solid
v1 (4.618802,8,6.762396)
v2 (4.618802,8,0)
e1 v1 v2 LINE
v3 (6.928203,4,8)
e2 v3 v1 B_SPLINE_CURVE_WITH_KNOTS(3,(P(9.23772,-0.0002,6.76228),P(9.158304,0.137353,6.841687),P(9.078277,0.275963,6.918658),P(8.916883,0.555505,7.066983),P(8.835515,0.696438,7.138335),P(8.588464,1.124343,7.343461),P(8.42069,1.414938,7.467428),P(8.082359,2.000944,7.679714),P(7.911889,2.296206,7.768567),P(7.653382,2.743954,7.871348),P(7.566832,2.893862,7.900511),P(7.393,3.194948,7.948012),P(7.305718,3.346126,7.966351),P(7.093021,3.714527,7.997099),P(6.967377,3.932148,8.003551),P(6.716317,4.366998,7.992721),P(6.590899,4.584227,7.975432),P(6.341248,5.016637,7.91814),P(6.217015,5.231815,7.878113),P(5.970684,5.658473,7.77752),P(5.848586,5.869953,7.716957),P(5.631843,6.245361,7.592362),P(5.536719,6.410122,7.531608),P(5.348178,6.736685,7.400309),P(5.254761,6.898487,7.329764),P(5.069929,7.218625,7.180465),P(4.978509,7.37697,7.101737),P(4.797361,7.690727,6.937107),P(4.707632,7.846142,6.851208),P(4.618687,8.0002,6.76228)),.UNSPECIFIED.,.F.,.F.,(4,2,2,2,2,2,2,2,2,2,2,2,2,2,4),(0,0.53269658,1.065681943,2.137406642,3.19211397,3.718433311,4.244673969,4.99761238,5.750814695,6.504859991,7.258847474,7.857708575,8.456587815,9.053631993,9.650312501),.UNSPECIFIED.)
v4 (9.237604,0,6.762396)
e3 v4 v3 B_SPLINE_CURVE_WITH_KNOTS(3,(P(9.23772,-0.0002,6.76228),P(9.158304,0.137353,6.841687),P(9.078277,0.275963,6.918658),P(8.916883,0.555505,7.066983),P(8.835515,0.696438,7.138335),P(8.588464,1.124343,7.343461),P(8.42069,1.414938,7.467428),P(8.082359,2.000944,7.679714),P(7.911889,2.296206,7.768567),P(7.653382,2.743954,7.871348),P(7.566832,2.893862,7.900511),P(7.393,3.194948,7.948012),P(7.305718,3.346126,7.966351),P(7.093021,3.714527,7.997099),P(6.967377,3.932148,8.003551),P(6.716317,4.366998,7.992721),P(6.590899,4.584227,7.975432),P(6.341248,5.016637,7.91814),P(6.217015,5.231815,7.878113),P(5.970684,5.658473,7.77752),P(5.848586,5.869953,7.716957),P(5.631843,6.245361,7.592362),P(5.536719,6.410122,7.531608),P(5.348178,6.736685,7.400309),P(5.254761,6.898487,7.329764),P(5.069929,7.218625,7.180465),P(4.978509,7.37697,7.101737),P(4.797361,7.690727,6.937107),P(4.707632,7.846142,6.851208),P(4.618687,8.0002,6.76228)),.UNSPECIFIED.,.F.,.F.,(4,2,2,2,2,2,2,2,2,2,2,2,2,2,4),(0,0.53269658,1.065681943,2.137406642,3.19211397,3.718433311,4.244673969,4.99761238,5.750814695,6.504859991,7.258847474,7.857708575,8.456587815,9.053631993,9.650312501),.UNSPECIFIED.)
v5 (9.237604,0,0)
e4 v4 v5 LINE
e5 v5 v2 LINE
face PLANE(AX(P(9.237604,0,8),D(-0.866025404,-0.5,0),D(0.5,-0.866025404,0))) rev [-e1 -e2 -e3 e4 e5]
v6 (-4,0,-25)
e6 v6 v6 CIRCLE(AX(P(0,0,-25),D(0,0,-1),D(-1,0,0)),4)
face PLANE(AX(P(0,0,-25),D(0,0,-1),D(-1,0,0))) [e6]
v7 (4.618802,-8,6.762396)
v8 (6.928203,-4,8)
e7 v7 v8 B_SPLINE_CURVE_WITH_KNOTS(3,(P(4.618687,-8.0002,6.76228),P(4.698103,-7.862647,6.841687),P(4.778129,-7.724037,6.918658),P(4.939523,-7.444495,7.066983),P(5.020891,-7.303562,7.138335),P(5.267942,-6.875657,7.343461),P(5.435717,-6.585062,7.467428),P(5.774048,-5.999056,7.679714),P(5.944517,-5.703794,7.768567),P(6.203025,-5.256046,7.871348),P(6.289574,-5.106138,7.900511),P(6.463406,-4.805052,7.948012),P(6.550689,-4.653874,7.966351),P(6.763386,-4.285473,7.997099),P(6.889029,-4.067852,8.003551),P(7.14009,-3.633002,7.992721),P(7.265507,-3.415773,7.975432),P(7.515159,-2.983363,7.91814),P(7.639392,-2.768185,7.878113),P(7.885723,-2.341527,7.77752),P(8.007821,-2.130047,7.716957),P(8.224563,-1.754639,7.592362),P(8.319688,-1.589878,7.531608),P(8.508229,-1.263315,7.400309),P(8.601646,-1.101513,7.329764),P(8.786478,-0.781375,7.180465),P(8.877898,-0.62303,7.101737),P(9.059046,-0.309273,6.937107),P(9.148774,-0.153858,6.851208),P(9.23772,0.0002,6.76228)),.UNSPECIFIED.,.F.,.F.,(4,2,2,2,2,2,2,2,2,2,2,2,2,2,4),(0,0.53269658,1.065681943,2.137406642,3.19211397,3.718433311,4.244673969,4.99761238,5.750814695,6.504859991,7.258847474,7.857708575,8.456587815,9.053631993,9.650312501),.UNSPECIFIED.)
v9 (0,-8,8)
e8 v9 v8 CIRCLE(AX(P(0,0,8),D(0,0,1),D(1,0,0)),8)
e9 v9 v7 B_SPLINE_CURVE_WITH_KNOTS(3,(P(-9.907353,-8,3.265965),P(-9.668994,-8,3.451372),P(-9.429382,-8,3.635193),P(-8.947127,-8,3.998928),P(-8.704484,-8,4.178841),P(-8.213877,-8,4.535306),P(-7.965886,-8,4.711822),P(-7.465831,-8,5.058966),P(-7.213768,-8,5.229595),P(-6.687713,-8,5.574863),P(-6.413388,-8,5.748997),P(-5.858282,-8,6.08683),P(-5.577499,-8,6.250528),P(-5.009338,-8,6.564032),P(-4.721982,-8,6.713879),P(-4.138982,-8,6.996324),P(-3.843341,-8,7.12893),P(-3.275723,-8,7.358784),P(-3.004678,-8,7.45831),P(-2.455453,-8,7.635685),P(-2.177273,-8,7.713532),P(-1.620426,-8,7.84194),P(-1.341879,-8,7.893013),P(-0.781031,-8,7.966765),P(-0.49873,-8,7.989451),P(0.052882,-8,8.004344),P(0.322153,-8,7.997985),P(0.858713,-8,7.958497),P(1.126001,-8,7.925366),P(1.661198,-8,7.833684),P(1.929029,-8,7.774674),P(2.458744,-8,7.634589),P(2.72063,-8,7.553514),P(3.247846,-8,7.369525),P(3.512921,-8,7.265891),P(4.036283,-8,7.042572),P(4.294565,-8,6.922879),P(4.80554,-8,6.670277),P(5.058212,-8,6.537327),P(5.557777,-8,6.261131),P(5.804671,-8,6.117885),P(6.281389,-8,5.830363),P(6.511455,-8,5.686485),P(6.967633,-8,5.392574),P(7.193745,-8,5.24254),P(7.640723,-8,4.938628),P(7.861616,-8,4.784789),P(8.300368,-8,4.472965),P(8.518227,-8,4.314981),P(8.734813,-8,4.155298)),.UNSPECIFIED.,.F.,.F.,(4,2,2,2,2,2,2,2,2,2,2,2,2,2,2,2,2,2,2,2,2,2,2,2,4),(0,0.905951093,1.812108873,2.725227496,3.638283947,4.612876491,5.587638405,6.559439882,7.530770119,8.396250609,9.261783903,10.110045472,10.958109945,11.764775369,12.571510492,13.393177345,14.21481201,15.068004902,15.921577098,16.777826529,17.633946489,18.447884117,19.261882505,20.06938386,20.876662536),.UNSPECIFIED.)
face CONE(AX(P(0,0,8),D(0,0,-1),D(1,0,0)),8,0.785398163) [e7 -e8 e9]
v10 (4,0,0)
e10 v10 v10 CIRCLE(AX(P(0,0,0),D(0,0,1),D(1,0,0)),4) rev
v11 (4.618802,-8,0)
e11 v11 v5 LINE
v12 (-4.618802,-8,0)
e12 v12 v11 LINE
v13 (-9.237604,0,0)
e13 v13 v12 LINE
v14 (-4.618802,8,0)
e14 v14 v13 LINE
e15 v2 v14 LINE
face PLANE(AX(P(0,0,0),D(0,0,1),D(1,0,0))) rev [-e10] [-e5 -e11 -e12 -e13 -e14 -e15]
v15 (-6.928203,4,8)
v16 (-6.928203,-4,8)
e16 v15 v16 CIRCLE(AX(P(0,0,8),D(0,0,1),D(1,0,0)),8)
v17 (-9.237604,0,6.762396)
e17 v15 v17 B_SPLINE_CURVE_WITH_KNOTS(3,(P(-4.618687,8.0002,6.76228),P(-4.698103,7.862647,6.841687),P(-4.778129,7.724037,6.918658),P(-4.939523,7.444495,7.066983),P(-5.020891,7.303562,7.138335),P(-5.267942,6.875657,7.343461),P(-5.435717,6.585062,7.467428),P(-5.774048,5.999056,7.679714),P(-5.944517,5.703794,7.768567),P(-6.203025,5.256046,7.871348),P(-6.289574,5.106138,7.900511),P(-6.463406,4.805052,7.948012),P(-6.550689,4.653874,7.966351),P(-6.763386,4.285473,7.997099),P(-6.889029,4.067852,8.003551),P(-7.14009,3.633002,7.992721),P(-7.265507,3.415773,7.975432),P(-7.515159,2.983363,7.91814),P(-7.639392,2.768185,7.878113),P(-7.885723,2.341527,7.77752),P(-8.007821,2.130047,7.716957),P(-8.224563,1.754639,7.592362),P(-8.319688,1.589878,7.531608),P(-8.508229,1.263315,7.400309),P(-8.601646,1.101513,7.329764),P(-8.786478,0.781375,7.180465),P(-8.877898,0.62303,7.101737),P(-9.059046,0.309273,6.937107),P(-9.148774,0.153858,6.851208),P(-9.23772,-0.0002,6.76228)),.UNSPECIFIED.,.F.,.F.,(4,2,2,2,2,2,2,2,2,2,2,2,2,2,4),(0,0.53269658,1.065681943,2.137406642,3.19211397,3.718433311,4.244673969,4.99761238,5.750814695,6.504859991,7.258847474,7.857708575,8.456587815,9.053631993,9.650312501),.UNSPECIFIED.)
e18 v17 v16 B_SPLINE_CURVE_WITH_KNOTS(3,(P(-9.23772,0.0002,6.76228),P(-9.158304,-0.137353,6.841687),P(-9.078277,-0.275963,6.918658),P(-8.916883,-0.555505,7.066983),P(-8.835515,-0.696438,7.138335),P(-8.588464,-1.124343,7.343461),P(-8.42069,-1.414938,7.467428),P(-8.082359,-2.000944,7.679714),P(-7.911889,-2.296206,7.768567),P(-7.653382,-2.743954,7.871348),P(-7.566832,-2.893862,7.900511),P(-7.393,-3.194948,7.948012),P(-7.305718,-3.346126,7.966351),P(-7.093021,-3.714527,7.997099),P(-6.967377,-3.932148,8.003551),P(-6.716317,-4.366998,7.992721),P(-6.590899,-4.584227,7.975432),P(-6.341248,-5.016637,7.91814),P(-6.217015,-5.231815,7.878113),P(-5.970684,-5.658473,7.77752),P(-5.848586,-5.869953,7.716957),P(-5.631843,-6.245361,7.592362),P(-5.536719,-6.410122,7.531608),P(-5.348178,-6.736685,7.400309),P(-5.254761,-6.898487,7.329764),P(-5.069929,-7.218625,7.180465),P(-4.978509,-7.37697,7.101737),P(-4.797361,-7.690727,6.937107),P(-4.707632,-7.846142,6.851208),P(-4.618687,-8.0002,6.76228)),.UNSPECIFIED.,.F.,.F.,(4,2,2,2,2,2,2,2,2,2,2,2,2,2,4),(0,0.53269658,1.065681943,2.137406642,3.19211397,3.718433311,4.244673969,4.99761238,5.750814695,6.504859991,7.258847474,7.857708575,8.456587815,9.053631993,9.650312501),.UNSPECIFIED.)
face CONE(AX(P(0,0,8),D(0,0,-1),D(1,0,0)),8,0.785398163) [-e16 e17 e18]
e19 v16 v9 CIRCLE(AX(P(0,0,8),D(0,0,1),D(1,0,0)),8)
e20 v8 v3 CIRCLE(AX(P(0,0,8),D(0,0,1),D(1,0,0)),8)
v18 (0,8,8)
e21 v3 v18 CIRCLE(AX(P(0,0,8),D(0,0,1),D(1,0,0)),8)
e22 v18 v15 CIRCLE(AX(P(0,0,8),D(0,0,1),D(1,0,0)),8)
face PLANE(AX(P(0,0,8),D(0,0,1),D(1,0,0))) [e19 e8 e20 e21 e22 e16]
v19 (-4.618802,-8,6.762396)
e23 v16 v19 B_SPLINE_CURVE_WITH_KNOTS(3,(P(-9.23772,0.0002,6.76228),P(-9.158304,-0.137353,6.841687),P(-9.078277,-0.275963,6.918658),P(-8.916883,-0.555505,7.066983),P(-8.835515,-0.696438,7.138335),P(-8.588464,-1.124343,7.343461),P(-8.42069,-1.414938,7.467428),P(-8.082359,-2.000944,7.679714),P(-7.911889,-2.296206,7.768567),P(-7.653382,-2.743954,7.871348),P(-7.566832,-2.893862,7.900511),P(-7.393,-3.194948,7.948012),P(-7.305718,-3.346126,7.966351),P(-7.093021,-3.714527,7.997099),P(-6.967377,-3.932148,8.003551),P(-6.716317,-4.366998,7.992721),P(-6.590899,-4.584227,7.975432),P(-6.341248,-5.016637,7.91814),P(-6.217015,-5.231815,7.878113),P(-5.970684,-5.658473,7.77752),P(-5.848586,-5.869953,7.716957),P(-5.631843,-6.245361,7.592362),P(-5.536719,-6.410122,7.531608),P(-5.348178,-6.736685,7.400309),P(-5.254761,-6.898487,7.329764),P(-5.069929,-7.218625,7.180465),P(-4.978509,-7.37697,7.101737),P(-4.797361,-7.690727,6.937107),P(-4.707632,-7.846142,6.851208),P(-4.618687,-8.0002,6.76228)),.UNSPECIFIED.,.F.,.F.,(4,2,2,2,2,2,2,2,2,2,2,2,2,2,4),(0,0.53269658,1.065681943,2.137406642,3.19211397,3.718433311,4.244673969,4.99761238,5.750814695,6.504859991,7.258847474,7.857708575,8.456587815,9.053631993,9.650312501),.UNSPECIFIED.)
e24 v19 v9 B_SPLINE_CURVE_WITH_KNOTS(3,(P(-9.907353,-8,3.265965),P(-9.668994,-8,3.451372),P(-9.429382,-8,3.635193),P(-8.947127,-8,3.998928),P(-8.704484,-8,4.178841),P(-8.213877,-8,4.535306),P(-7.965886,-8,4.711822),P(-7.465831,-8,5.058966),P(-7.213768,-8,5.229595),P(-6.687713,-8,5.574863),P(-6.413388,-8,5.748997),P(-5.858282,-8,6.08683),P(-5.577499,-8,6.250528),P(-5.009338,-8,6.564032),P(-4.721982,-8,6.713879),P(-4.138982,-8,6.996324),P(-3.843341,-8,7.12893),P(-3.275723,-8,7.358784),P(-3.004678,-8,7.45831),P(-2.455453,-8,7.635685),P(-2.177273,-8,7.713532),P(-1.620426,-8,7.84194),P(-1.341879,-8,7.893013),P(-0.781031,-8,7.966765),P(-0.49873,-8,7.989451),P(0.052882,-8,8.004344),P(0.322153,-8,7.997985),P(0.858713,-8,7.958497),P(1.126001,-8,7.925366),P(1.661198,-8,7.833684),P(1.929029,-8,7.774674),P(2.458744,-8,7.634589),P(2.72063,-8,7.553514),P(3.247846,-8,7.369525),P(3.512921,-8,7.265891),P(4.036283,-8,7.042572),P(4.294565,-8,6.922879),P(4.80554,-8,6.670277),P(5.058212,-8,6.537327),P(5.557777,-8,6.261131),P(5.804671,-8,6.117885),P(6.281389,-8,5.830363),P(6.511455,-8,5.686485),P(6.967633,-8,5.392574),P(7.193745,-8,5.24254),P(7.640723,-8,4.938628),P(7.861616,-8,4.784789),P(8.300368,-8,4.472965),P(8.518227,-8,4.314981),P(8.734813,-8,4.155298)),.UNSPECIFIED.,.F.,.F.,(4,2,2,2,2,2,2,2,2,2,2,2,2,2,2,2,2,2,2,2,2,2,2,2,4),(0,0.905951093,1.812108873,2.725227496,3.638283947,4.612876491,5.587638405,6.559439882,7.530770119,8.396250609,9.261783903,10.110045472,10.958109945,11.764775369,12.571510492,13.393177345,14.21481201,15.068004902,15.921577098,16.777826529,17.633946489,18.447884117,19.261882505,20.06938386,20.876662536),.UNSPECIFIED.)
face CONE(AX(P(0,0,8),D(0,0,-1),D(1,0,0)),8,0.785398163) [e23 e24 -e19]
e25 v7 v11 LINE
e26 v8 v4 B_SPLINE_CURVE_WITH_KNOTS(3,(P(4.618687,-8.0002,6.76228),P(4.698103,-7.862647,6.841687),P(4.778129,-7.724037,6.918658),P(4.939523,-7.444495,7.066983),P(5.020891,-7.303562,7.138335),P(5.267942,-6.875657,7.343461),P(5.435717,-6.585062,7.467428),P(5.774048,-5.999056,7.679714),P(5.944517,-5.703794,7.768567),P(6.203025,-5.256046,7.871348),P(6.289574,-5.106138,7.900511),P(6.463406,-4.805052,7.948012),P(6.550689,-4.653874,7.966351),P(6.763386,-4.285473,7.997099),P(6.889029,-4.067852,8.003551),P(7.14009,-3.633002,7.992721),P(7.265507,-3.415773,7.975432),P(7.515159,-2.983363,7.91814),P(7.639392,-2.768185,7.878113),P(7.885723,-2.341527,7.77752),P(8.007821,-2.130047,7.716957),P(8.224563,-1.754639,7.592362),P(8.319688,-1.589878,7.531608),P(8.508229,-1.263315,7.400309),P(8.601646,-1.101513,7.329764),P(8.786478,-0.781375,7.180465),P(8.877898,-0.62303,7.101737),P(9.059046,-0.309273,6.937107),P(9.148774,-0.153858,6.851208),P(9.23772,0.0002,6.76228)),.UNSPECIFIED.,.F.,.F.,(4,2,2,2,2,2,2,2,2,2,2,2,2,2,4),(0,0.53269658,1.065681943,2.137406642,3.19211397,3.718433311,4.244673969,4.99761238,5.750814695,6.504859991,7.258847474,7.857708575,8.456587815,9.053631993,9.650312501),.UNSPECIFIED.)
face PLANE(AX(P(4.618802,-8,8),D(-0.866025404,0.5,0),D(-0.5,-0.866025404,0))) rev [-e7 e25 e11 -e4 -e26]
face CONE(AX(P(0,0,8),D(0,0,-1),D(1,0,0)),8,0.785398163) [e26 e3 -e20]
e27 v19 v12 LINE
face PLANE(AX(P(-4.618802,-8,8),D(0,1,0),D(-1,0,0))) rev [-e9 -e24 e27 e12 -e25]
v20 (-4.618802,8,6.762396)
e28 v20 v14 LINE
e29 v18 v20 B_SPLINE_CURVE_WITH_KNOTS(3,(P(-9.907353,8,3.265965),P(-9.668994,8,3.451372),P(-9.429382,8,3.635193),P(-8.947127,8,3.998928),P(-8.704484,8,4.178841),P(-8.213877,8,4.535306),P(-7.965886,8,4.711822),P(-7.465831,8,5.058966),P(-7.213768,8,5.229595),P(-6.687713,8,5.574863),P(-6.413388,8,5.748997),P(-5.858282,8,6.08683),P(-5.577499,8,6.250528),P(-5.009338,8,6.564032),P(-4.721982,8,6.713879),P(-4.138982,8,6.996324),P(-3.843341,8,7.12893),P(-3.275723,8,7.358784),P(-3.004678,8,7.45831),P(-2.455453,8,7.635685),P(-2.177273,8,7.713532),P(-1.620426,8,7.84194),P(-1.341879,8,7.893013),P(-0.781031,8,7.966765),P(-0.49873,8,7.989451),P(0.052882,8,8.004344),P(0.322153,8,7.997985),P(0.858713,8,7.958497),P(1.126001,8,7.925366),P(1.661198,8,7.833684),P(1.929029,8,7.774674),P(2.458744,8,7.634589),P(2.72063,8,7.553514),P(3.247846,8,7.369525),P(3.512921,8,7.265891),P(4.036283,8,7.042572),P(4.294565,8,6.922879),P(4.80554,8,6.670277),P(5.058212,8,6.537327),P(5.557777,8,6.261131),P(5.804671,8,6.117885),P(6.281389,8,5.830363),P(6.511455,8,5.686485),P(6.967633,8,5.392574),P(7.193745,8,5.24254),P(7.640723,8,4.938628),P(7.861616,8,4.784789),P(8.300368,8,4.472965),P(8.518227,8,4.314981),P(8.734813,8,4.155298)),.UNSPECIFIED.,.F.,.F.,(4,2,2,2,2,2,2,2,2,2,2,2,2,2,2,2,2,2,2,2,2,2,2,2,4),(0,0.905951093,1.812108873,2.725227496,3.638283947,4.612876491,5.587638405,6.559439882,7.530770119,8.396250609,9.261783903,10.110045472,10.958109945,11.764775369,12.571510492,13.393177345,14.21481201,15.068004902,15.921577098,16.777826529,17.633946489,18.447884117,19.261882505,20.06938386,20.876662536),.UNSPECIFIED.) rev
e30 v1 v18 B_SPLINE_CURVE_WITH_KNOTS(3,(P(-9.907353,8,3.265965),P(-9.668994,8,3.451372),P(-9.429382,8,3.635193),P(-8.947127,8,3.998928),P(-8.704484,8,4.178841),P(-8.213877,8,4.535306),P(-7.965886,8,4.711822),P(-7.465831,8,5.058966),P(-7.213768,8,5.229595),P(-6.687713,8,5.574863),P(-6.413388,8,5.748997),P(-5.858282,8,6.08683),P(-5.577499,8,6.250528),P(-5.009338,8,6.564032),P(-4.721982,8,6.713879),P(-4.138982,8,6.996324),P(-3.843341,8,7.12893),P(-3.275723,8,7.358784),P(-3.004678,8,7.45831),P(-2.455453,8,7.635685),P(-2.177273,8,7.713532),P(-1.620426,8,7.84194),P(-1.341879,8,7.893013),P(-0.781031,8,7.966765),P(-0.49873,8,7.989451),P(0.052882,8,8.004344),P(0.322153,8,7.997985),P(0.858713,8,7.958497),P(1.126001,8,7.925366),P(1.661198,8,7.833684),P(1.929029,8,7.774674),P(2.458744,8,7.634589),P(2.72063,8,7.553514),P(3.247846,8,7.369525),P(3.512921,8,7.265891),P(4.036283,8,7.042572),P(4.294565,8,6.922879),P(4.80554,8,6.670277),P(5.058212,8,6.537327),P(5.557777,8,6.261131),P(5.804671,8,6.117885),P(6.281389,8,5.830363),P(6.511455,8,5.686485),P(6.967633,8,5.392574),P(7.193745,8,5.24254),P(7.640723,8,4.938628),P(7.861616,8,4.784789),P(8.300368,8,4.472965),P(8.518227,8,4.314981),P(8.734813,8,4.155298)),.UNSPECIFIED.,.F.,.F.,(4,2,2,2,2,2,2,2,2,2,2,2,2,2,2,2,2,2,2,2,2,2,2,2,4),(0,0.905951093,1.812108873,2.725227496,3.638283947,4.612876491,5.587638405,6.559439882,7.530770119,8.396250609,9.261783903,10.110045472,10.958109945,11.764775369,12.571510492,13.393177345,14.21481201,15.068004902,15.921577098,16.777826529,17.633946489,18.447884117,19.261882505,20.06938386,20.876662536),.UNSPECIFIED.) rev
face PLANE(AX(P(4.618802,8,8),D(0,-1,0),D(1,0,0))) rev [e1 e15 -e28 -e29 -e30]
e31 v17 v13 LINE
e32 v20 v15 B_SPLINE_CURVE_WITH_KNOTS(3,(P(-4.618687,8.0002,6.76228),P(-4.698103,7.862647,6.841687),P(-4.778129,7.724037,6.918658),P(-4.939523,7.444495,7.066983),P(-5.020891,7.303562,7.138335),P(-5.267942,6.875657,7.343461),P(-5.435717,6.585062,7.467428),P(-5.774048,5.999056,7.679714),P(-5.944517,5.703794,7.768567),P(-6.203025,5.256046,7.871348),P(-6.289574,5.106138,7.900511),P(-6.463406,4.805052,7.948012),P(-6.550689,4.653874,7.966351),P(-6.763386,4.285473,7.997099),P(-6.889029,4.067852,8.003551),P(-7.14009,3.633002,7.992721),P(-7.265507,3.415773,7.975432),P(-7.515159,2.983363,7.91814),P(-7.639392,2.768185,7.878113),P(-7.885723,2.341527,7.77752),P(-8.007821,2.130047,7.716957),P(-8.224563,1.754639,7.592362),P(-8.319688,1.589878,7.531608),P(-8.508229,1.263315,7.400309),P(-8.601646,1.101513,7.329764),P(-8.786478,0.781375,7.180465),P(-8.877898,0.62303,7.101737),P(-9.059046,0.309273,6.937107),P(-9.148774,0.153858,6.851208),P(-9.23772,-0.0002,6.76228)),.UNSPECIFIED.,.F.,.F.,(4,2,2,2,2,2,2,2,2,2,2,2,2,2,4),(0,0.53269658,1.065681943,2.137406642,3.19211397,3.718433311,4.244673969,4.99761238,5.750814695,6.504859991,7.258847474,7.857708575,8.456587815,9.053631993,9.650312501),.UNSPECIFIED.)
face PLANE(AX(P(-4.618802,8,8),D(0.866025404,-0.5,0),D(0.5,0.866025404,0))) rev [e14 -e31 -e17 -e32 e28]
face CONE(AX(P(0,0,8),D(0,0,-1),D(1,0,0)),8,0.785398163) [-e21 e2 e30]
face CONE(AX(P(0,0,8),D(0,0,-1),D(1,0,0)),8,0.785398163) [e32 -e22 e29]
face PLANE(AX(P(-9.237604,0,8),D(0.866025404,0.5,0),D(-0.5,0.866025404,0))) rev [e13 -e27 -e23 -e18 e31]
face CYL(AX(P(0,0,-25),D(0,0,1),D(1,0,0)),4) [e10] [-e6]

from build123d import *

# Parameters (mm, degrees)
BOSS_EXTRUDE1_DEPTH = 8
SKETCH2_OUTSIDE_W   = 41.62
SKETCH2_OUTSIDE_H   = 39.144
SKETCH2_OUTSIDE_R   = 8
CUT_EXTRUDE1_DEPTH  = 8
CUT_EXTRUDE1_TAPER  = 45
SKETCH3_R           = 4
BOSS_EXTRUDE2_DEPTH = 25


with BuildPart() as part:
    # Sketch1 → Boss-Extrude1 (new body)
    with BuildSketch(Plane.XY):
        Polygon((9.237604307, 0), (4.618802154, 8), (-4.618802154, 8), (-9.237604307, 0), (-4.618802154, -8), (4.618802154, -8), align=None)
    extrude(amount=BOSS_EXTRUDE1_DEPTH)

    # Sketch2 outside → Cut-Extrude1 (cut)
    with BuildSketch(Plane.XY.offset(8)):
        Rectangle(SKETCH2_OUTSIDE_W, SKETCH2_OUTSIDE_H)
        Circle(SKETCH2_OUTSIDE_R, mode=Mode.SUBTRACT)
    extrude(amount=-CUT_EXTRUDE1_DEPTH, taper=CUT_EXTRUDE1_TAPER, mode=Mode.SUBTRACT)

    # Sketch3 → Boss-Extrude2 (add)
    with BuildSketch(Plane(origin=(0, 0, 0), x_dir=(-1, 0, 0), z_dir=(0, 0, -1))):
        with Locations(Location((0, 0, 0), (0, 0, 180))):  # turned: the seam where the file's is
            Circle(SKETCH3_R)
    extrude(amount=BOSS_EXTRUDE2_DEPTH)


solid = part.part
